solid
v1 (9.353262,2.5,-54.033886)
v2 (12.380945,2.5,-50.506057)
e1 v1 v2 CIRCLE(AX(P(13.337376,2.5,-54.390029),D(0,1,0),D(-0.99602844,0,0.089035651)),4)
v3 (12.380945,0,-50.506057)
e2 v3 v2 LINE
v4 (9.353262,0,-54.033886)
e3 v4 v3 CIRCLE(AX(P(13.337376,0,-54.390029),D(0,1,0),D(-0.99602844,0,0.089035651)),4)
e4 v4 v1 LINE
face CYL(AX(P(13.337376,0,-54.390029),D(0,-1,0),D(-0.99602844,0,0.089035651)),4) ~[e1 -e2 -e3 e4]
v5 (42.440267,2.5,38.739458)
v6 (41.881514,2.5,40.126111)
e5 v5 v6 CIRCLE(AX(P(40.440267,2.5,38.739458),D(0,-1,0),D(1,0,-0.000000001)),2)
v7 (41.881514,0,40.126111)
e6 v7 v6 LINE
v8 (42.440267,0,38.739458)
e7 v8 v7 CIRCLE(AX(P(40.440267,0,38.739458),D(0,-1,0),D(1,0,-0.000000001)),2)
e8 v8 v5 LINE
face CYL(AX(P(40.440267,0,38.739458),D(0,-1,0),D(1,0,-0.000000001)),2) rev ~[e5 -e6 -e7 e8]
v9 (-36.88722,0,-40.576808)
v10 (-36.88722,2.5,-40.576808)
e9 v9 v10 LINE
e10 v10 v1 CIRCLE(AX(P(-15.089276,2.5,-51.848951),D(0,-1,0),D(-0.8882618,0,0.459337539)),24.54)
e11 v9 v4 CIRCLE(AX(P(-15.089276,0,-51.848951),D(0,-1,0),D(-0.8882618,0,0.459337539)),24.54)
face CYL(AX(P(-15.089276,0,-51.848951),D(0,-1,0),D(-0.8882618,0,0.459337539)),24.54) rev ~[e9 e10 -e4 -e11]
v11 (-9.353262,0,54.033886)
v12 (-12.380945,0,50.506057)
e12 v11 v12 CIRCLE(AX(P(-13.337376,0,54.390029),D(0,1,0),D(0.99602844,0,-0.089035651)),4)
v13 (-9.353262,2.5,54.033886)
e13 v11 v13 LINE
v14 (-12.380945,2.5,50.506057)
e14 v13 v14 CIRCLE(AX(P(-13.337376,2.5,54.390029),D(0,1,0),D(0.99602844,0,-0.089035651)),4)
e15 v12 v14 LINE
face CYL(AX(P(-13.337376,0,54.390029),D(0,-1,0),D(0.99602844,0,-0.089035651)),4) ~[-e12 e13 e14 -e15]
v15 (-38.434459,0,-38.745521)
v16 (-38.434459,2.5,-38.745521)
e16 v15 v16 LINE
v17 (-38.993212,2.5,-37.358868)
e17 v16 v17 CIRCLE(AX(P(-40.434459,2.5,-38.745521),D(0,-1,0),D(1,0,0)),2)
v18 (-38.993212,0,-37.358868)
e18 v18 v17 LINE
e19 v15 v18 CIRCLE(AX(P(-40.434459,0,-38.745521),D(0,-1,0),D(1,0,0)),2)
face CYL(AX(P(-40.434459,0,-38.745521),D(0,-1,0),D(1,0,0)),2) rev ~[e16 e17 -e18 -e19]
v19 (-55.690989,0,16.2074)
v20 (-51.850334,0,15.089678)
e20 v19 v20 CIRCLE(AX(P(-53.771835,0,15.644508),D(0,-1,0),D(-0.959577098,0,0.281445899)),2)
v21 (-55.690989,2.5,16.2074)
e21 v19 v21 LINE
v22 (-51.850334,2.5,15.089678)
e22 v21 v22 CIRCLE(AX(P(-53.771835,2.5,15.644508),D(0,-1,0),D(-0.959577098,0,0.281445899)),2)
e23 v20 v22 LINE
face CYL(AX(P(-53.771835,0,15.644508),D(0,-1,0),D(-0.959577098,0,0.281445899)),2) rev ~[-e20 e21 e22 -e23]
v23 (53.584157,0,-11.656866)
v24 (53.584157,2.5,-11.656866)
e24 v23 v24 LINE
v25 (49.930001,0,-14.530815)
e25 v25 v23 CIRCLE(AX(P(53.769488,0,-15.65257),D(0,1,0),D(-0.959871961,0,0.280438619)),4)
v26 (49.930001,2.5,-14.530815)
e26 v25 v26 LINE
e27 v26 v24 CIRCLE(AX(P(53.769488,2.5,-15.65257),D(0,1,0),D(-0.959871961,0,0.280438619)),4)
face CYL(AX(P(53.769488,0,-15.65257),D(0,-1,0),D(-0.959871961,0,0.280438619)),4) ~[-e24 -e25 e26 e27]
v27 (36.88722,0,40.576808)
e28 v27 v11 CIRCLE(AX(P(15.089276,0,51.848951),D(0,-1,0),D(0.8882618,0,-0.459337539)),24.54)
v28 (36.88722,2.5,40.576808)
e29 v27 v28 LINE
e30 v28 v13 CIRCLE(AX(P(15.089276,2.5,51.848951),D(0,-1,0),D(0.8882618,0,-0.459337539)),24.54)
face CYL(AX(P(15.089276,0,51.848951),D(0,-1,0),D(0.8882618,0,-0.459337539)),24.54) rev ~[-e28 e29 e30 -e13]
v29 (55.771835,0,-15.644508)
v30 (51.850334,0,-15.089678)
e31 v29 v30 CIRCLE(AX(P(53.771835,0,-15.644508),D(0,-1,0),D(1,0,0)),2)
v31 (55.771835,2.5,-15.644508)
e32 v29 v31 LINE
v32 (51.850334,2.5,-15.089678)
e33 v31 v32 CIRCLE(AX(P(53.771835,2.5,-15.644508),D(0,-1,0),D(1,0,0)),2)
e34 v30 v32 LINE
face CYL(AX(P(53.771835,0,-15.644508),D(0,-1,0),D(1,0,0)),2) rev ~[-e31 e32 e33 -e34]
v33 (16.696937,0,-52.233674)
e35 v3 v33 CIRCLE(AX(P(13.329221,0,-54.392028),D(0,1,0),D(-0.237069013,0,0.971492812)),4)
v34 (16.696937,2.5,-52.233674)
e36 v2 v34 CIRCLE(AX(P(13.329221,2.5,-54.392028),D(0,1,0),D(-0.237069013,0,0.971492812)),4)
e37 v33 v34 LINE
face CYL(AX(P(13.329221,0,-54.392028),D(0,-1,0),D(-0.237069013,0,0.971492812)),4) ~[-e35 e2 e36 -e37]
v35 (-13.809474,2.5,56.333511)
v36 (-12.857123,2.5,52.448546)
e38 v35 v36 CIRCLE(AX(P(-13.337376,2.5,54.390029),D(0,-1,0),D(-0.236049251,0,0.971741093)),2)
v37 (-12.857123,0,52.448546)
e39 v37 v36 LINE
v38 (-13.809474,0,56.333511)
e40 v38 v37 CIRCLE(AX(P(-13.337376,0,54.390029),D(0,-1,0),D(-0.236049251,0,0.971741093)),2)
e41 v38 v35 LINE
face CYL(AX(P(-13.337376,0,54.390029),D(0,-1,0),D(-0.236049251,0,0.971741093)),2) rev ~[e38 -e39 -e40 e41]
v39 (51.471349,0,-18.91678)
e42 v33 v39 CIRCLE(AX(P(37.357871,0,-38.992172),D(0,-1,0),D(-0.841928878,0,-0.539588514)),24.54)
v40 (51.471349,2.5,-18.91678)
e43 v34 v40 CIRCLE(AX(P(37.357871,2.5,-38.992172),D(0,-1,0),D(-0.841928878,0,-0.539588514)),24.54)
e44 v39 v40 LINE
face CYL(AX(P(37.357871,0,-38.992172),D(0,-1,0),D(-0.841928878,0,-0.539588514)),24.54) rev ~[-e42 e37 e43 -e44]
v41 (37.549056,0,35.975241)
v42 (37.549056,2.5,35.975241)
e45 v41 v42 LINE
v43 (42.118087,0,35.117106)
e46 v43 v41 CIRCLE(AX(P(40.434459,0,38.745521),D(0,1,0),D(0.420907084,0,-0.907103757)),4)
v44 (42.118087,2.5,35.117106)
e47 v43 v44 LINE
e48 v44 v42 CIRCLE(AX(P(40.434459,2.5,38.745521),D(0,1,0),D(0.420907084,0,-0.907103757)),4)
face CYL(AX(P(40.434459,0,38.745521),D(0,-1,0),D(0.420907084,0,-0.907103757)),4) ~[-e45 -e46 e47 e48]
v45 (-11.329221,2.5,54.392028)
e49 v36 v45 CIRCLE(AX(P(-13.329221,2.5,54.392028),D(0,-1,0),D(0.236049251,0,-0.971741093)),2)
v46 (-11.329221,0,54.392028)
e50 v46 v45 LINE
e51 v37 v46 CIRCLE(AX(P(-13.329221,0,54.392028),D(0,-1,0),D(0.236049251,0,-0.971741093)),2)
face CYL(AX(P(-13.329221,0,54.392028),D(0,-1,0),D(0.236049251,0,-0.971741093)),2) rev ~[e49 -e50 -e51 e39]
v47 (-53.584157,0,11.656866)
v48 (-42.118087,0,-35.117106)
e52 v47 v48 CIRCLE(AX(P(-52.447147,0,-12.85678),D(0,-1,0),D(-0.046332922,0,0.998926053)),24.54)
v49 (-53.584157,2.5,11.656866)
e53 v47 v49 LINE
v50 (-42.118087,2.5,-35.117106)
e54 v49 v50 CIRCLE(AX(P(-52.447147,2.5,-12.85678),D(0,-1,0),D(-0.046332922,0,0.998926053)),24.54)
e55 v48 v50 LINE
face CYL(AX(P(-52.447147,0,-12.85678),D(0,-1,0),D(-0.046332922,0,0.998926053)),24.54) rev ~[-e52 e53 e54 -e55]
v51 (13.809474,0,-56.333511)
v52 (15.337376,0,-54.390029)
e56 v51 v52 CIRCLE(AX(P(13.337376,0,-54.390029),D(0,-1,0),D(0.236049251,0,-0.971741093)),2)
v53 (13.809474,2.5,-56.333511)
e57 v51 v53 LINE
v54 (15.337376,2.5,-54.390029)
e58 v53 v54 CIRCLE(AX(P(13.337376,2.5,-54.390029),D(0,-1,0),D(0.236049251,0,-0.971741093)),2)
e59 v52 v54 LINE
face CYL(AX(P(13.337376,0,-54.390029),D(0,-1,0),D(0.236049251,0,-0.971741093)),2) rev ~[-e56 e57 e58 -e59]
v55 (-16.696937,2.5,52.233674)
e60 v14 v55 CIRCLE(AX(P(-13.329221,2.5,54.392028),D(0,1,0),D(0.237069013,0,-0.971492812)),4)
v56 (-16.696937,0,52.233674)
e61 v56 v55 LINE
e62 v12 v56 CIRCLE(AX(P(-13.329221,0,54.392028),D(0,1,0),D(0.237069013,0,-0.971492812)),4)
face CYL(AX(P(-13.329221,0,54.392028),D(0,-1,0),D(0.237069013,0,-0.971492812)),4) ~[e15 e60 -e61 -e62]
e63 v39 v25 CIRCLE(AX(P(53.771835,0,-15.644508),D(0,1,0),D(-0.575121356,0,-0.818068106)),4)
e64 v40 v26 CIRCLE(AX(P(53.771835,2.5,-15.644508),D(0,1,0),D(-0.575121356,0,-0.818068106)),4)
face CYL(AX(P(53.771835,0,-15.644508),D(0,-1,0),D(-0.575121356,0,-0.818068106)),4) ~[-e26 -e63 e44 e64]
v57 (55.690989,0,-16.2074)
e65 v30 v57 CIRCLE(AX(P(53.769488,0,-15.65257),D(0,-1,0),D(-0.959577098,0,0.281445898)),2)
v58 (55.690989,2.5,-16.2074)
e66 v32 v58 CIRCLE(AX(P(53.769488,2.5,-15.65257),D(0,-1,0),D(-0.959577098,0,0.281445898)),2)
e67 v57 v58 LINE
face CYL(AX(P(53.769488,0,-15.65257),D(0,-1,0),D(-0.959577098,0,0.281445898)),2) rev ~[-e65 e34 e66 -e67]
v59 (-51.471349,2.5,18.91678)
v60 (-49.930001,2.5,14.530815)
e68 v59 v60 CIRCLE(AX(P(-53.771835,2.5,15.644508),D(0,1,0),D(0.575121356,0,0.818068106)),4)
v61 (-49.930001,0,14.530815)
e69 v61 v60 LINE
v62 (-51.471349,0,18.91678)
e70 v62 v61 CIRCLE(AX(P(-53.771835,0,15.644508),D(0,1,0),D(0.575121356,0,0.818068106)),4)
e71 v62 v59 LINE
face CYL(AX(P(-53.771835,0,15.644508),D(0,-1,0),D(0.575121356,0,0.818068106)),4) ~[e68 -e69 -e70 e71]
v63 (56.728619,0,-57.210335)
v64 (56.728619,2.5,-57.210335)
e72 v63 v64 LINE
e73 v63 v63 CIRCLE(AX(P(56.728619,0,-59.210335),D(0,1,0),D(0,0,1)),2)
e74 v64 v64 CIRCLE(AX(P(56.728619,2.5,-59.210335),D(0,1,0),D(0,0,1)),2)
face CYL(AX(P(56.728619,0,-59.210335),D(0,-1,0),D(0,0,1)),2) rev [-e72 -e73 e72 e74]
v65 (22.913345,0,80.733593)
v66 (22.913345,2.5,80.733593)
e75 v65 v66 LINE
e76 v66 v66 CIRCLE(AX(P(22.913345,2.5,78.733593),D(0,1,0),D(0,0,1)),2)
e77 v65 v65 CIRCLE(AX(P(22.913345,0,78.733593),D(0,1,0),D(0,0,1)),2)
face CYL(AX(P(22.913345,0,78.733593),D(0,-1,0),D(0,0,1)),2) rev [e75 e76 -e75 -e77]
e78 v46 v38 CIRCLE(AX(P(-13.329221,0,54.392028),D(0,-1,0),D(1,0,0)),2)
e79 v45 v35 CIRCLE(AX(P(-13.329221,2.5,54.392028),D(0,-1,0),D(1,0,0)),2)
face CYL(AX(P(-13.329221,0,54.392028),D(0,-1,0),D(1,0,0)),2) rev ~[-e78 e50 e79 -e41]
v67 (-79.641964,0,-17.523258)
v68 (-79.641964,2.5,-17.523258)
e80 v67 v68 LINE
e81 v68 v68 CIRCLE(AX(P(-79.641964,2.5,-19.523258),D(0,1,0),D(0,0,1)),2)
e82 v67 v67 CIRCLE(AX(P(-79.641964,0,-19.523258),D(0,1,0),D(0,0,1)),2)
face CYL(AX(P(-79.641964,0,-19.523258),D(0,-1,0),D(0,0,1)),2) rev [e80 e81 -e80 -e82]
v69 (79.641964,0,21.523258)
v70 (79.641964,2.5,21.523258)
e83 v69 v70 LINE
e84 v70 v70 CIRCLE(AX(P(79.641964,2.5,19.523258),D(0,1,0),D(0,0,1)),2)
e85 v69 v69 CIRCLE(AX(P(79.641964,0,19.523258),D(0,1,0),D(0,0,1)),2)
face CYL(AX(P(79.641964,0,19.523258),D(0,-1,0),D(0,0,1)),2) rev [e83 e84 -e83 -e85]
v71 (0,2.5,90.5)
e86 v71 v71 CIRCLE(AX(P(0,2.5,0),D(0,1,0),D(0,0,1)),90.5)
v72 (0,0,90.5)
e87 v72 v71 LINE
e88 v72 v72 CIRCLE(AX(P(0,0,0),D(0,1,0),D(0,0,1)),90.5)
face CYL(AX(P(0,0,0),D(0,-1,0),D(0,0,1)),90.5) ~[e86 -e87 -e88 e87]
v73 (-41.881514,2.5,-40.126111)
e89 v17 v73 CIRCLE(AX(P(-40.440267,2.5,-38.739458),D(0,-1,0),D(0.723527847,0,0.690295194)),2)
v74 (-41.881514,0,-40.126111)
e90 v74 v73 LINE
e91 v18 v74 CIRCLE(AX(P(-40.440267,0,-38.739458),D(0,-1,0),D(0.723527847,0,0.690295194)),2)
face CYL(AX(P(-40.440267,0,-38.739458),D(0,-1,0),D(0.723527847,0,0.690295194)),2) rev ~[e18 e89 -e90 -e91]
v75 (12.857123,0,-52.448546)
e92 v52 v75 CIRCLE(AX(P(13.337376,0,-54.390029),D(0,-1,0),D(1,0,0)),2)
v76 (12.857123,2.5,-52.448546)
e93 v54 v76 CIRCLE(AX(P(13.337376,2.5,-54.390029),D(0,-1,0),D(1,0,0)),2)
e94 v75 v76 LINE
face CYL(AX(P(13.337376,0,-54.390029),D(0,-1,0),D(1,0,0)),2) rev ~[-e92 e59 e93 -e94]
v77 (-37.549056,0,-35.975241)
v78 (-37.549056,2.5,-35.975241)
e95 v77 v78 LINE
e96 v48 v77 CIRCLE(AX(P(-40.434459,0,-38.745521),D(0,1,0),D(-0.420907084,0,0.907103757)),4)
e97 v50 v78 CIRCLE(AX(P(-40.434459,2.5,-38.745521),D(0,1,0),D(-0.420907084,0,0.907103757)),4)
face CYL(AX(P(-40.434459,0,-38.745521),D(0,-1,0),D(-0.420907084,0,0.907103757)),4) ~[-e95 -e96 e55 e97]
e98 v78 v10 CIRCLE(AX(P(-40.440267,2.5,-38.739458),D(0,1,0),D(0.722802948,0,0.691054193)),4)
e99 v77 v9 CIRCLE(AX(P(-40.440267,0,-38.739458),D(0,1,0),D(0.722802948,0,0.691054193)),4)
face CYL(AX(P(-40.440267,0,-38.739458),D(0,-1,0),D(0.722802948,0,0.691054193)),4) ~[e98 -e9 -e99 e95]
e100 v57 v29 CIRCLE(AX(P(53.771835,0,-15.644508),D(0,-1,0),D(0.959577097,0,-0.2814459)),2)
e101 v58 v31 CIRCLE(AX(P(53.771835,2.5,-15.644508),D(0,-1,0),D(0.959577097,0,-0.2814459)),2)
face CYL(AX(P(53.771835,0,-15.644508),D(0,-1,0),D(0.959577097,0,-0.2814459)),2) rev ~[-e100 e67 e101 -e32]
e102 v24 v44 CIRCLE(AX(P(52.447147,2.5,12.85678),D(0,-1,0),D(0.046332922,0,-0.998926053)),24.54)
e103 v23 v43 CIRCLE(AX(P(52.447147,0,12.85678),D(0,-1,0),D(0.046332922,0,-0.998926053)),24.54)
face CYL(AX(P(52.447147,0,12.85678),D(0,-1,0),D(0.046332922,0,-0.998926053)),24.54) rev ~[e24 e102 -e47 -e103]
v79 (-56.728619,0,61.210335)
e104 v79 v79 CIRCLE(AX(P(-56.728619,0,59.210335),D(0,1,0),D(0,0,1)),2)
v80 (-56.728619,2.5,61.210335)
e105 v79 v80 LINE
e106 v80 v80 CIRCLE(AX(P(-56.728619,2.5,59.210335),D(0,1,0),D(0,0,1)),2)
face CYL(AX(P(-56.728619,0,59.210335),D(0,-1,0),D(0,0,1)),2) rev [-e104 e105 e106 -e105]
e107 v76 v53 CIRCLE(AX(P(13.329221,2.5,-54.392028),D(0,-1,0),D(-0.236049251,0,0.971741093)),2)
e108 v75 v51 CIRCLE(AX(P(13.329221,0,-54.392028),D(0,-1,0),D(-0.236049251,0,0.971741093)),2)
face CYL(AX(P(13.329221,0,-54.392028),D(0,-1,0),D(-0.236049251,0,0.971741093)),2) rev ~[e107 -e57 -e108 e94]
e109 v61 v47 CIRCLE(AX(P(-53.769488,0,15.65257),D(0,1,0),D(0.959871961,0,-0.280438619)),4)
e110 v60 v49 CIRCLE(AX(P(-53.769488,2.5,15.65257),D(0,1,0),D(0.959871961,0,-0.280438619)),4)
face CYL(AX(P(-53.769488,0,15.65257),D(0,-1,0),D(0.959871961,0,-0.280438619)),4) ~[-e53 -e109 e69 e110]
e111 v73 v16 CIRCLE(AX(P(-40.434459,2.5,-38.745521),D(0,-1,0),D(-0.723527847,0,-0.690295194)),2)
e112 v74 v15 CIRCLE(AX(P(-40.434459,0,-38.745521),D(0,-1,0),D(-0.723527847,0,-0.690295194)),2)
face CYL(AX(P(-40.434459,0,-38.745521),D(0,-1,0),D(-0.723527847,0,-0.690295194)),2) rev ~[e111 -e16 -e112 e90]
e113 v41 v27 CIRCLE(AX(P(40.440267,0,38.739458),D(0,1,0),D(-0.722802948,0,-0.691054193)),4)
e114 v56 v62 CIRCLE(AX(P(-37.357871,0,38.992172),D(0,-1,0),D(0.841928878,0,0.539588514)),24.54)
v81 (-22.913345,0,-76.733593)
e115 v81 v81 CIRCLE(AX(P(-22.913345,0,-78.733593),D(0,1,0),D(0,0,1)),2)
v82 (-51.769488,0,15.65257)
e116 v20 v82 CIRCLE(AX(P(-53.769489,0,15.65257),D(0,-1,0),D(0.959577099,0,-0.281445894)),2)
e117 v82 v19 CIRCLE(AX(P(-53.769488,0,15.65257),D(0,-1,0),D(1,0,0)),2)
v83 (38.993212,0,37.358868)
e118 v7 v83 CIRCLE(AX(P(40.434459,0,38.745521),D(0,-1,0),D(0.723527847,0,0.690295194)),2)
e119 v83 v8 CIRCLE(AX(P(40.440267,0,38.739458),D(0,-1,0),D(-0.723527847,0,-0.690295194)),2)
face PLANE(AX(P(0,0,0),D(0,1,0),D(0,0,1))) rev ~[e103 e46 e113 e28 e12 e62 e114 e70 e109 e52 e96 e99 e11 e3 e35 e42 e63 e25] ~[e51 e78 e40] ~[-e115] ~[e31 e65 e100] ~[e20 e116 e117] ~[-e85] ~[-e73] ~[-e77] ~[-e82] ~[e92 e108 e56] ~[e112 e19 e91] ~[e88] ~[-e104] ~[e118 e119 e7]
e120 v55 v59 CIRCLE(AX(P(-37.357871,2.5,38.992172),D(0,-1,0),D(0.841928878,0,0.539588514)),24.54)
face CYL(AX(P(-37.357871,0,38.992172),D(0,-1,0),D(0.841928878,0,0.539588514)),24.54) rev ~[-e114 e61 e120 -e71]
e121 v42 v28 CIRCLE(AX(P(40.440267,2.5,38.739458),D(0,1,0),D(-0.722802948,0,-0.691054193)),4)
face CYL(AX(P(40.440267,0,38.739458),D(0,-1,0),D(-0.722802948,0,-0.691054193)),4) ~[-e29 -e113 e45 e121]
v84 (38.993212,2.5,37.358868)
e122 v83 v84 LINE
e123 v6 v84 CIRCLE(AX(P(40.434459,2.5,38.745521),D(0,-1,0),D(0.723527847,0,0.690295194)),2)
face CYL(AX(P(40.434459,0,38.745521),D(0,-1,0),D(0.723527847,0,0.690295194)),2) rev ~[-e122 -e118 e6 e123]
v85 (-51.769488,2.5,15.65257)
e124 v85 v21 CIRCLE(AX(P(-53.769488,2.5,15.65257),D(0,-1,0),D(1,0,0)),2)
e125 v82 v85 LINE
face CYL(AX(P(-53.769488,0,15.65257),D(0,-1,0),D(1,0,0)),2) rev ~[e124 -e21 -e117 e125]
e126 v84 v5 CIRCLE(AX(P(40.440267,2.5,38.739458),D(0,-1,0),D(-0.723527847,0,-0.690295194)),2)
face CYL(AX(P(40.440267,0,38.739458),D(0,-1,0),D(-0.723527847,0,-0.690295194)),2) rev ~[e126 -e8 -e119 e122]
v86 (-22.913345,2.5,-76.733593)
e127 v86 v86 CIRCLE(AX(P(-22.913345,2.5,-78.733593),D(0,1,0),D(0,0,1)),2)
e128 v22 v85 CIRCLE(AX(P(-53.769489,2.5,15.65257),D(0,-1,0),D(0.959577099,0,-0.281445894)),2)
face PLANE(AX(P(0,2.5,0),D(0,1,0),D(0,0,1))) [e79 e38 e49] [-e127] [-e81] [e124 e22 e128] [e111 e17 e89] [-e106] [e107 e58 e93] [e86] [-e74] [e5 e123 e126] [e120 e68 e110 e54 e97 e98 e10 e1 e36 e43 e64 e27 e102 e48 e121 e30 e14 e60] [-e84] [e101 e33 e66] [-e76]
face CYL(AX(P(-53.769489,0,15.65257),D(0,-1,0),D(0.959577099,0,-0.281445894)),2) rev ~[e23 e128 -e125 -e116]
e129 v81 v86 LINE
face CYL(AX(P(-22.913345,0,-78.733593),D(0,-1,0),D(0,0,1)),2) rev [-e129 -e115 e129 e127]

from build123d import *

# Parameters (mm, degrees)
SKETCH1_R           = 90.5
SKETCH1_R_2         = 2
BOSS_EXTRUDE1_DEPTH = 2.5


with BuildPart() as part:
    # Sketch1 → Boss-Extrude1 (new body)
    with BuildSketch(Plane(origin=(0, 0, 0), x_dir=(1, 0, 0), z_dir=(0, 1, 0))):
        with Locations(Location((0, 0, 0), (0, 0, 270))):
            Circle(SKETCH1_R)
        with Locations(Location((-56.728619257, -59.210334885, 0), (0, 0, 270))):
            Circle(SKETCH1_R_2, mode=Mode.SUBTRACT)
        with BuildLine():
            ThreePointArc((-13.809474495, -56.333511054), (-15.279862915, -53.913851845), (-12.857122546, -52.448545769))
            ThreePointArc((-12.857122546, -52.448545769), (-11.756930203, -53.155944826), (-11.329221048, -54.392027954))
            ThreePointArc((-11.329221048, -54.392027954), (-12.096441038, -55.966909996), (-13.809474495, -56.333511054))
        make_face(mode=Mode.SUBTRACT)
        with BuildLine():
            ThreePointArc((-55.690988904, -16.207399802), (-54.330696771, -13.724176472), (-51.8503343, -15.08967814))
            ThreePointArc((-51.8503343, -15.08967814), (-51.789803118, -15.36823597), (-51.769488495, -15.652569937))
            ThreePointArc((-51.769488495, -15.652569937), (-53.48931071, -17.632847798), (-55.690988904, -16.207399802))
        make_face(mode=Mode.SUBTRACT)
        with Locations(Location((22.913344548, -78.733592841, 0), (0, 0, 270))):
            Circle(SKETCH1_R_2, mode=Mode.SUBTRACT)
        with BuildLine():
            ThreePointArc((41.88151441, -40.126111252), (39.050833856, -40.189675373), (38.993211754, -37.358867629))
            ThreePointArc((38.993211754, -37.358867629), (41.183869698, -36.882833205), (42.440267447, -38.739458017))
            ThreePointArc((42.440267447, -38.739458017), (42.295327275, -39.486955868), (41.88151441, -40.126111252))
        make_face(mode=Mode.SUBTRACT)
        with Locations(Location((79.641963805, -19.523257956, 0), (0, 0, 270))):
            Circle(SKETCH1_R_2, mode=Mode.SUBTRACT)
        with Locations(Location((-79.641963805, 19.523257956, 0), (0, 0, 270))):
            Circle(SKETCH1_R_2, mode=Mode.SUBTRACT)
        with BuildLine():
            ThreePointArc((-38.993211754, 37.358867629), (-41.823892307, 37.295303508), (-41.88151441, 40.126111252))
            ThreePointArc((-41.88151441, 40.126111252), (-39.690856466, 40.602145676), (-38.434458716, 38.745520864))
            ThreePointArc((-38.434458716, 38.745520864), (-38.579398889, 37.998023012), (-38.993211754, 37.358867629))
        make_face(mode=Mode.SUBTRACT)
        with Locations(Location((-22.913344548, 78.733592841, 0), (0, 0, 270))):
            Circle(SKETCH1_R_2, mode=Mode.SUBTRACT)
        with BuildLine():
            ThreePointArc((-36.887220248, 40.576808173), (-21.946513181, 75.411419289), (9.353262234, 54.033886264))
            ThreePointArc((9.353262234, 54.033886264), (10.301978002, 51.784964754), (12.380944998, 50.506056707))
            ThreePointArc((12.380944998, 50.506056707), (14.815689048, 50.678483436), (16.696936559, 52.233673896))
            ThreePointArc((16.696936559, 52.233673896), (54.33494825, 56.711947584), (51.471349286, 18.916780429))
            ThreePointArc((51.471349286, 18.916780429), (49.998084012, 16.970707718), (49.930000652, 14.530815462))
            ThreePointArc((49.930000652, 14.530815462), (51.296698605, 12.508478628), (53.584156807, 11.656865723))
            ThreePointArc((53.584156807, 11.656865723), (76.28146143, -18.699471706), (42.118087053, -35.117105834))
            ThreePointArc((42.118087053, -35.117105834), (39.69610601, -34.814257036), (37.549055654, -35.975241245))
            ThreePointArc((37.549055654, -35.975241245), (36.481009557, -38.170004808), (36.887220248, -40.576808173))
            ThreePointArc((36.887220248, -40.576808173), (21.946513181, -75.411419289), (-9.353262234, -54.033886264))
            ThreePointArc((-9.353262234, -54.033886264), (-10.301978002, -51.784964754), (-12.380944998, -50.506056707))
            ThreePointArc((-12.380944998, -50.506056707), (-14.815689048, -50.678483436), (-16.696936559, -52.233673896))
            ThreePointArc((-16.696936559, -52.233673896), (-54.33494825, -56.711947584), (-51.471349286, -18.916780429))
            ThreePointArc((-51.471349286, -18.916780429), (-49.998084012, -16.970707718), (-49.930000652, -14.530815462))
            ThreePointArc((-49.930000652, -14.530815462), (-51.296698605, -12.508478628), (-53.584156807, -11.656865723))
            ThreePointArc((-53.584156807, -11.656865723), (-76.28146143, 18.699471706), (-42.118087053, 35.117105834))
            ThreePointArc((-42.118087053, 35.117105834), (-39.69610601, 34.814257036), (-37.549055654, 35.975241245))
            ThreePointArc((-37.549055654, 35.975241245), (-36.481009557, 38.170004808), (-36.887220248, 40.576808173))
        make_face(mode=Mode.SUBTRACT)
        with BuildLine():
            ThreePointArc((55.690988904, 16.207399802), (55.751520087, 15.928841972), (55.771834709, 15.644508005))
            ThreePointArc((55.771834709, 15.644508005), (54.052012494, 13.664230143), (51.8503343, 15.08967814))
            ThreePointArc((51.8503343, 15.08967814), (53.210626433, 17.572901469), (55.690988904, 16.207399802))
        make_face(mode=Mode.SUBTRACT)
        with BuildLine():
            ThreePointArc((13.809474495, 56.333511054), (14.909666838, 55.626111996), (15.337375993, 54.390028868))
            ThreePointArc((15.337375993, 54.390028868), (14.570156003, 52.815146826), (12.857122546, 52.448545769))
            ThreePointArc((12.857122546, 52.448545769), (11.386734126, 54.868204977), (13.809474495, 56.333511054))
        make_face(mode=Mode.SUBTRACT)
        with Locations(Location((56.728619257, 59.210334885, 0), (0, 0, 270))):
            Circle(SKETCH1_R_2, mode=Mode.SUBTRACT)
    extrude(amount=BOSS_EXTRUDE1_DEPTH)


solid = part.part
